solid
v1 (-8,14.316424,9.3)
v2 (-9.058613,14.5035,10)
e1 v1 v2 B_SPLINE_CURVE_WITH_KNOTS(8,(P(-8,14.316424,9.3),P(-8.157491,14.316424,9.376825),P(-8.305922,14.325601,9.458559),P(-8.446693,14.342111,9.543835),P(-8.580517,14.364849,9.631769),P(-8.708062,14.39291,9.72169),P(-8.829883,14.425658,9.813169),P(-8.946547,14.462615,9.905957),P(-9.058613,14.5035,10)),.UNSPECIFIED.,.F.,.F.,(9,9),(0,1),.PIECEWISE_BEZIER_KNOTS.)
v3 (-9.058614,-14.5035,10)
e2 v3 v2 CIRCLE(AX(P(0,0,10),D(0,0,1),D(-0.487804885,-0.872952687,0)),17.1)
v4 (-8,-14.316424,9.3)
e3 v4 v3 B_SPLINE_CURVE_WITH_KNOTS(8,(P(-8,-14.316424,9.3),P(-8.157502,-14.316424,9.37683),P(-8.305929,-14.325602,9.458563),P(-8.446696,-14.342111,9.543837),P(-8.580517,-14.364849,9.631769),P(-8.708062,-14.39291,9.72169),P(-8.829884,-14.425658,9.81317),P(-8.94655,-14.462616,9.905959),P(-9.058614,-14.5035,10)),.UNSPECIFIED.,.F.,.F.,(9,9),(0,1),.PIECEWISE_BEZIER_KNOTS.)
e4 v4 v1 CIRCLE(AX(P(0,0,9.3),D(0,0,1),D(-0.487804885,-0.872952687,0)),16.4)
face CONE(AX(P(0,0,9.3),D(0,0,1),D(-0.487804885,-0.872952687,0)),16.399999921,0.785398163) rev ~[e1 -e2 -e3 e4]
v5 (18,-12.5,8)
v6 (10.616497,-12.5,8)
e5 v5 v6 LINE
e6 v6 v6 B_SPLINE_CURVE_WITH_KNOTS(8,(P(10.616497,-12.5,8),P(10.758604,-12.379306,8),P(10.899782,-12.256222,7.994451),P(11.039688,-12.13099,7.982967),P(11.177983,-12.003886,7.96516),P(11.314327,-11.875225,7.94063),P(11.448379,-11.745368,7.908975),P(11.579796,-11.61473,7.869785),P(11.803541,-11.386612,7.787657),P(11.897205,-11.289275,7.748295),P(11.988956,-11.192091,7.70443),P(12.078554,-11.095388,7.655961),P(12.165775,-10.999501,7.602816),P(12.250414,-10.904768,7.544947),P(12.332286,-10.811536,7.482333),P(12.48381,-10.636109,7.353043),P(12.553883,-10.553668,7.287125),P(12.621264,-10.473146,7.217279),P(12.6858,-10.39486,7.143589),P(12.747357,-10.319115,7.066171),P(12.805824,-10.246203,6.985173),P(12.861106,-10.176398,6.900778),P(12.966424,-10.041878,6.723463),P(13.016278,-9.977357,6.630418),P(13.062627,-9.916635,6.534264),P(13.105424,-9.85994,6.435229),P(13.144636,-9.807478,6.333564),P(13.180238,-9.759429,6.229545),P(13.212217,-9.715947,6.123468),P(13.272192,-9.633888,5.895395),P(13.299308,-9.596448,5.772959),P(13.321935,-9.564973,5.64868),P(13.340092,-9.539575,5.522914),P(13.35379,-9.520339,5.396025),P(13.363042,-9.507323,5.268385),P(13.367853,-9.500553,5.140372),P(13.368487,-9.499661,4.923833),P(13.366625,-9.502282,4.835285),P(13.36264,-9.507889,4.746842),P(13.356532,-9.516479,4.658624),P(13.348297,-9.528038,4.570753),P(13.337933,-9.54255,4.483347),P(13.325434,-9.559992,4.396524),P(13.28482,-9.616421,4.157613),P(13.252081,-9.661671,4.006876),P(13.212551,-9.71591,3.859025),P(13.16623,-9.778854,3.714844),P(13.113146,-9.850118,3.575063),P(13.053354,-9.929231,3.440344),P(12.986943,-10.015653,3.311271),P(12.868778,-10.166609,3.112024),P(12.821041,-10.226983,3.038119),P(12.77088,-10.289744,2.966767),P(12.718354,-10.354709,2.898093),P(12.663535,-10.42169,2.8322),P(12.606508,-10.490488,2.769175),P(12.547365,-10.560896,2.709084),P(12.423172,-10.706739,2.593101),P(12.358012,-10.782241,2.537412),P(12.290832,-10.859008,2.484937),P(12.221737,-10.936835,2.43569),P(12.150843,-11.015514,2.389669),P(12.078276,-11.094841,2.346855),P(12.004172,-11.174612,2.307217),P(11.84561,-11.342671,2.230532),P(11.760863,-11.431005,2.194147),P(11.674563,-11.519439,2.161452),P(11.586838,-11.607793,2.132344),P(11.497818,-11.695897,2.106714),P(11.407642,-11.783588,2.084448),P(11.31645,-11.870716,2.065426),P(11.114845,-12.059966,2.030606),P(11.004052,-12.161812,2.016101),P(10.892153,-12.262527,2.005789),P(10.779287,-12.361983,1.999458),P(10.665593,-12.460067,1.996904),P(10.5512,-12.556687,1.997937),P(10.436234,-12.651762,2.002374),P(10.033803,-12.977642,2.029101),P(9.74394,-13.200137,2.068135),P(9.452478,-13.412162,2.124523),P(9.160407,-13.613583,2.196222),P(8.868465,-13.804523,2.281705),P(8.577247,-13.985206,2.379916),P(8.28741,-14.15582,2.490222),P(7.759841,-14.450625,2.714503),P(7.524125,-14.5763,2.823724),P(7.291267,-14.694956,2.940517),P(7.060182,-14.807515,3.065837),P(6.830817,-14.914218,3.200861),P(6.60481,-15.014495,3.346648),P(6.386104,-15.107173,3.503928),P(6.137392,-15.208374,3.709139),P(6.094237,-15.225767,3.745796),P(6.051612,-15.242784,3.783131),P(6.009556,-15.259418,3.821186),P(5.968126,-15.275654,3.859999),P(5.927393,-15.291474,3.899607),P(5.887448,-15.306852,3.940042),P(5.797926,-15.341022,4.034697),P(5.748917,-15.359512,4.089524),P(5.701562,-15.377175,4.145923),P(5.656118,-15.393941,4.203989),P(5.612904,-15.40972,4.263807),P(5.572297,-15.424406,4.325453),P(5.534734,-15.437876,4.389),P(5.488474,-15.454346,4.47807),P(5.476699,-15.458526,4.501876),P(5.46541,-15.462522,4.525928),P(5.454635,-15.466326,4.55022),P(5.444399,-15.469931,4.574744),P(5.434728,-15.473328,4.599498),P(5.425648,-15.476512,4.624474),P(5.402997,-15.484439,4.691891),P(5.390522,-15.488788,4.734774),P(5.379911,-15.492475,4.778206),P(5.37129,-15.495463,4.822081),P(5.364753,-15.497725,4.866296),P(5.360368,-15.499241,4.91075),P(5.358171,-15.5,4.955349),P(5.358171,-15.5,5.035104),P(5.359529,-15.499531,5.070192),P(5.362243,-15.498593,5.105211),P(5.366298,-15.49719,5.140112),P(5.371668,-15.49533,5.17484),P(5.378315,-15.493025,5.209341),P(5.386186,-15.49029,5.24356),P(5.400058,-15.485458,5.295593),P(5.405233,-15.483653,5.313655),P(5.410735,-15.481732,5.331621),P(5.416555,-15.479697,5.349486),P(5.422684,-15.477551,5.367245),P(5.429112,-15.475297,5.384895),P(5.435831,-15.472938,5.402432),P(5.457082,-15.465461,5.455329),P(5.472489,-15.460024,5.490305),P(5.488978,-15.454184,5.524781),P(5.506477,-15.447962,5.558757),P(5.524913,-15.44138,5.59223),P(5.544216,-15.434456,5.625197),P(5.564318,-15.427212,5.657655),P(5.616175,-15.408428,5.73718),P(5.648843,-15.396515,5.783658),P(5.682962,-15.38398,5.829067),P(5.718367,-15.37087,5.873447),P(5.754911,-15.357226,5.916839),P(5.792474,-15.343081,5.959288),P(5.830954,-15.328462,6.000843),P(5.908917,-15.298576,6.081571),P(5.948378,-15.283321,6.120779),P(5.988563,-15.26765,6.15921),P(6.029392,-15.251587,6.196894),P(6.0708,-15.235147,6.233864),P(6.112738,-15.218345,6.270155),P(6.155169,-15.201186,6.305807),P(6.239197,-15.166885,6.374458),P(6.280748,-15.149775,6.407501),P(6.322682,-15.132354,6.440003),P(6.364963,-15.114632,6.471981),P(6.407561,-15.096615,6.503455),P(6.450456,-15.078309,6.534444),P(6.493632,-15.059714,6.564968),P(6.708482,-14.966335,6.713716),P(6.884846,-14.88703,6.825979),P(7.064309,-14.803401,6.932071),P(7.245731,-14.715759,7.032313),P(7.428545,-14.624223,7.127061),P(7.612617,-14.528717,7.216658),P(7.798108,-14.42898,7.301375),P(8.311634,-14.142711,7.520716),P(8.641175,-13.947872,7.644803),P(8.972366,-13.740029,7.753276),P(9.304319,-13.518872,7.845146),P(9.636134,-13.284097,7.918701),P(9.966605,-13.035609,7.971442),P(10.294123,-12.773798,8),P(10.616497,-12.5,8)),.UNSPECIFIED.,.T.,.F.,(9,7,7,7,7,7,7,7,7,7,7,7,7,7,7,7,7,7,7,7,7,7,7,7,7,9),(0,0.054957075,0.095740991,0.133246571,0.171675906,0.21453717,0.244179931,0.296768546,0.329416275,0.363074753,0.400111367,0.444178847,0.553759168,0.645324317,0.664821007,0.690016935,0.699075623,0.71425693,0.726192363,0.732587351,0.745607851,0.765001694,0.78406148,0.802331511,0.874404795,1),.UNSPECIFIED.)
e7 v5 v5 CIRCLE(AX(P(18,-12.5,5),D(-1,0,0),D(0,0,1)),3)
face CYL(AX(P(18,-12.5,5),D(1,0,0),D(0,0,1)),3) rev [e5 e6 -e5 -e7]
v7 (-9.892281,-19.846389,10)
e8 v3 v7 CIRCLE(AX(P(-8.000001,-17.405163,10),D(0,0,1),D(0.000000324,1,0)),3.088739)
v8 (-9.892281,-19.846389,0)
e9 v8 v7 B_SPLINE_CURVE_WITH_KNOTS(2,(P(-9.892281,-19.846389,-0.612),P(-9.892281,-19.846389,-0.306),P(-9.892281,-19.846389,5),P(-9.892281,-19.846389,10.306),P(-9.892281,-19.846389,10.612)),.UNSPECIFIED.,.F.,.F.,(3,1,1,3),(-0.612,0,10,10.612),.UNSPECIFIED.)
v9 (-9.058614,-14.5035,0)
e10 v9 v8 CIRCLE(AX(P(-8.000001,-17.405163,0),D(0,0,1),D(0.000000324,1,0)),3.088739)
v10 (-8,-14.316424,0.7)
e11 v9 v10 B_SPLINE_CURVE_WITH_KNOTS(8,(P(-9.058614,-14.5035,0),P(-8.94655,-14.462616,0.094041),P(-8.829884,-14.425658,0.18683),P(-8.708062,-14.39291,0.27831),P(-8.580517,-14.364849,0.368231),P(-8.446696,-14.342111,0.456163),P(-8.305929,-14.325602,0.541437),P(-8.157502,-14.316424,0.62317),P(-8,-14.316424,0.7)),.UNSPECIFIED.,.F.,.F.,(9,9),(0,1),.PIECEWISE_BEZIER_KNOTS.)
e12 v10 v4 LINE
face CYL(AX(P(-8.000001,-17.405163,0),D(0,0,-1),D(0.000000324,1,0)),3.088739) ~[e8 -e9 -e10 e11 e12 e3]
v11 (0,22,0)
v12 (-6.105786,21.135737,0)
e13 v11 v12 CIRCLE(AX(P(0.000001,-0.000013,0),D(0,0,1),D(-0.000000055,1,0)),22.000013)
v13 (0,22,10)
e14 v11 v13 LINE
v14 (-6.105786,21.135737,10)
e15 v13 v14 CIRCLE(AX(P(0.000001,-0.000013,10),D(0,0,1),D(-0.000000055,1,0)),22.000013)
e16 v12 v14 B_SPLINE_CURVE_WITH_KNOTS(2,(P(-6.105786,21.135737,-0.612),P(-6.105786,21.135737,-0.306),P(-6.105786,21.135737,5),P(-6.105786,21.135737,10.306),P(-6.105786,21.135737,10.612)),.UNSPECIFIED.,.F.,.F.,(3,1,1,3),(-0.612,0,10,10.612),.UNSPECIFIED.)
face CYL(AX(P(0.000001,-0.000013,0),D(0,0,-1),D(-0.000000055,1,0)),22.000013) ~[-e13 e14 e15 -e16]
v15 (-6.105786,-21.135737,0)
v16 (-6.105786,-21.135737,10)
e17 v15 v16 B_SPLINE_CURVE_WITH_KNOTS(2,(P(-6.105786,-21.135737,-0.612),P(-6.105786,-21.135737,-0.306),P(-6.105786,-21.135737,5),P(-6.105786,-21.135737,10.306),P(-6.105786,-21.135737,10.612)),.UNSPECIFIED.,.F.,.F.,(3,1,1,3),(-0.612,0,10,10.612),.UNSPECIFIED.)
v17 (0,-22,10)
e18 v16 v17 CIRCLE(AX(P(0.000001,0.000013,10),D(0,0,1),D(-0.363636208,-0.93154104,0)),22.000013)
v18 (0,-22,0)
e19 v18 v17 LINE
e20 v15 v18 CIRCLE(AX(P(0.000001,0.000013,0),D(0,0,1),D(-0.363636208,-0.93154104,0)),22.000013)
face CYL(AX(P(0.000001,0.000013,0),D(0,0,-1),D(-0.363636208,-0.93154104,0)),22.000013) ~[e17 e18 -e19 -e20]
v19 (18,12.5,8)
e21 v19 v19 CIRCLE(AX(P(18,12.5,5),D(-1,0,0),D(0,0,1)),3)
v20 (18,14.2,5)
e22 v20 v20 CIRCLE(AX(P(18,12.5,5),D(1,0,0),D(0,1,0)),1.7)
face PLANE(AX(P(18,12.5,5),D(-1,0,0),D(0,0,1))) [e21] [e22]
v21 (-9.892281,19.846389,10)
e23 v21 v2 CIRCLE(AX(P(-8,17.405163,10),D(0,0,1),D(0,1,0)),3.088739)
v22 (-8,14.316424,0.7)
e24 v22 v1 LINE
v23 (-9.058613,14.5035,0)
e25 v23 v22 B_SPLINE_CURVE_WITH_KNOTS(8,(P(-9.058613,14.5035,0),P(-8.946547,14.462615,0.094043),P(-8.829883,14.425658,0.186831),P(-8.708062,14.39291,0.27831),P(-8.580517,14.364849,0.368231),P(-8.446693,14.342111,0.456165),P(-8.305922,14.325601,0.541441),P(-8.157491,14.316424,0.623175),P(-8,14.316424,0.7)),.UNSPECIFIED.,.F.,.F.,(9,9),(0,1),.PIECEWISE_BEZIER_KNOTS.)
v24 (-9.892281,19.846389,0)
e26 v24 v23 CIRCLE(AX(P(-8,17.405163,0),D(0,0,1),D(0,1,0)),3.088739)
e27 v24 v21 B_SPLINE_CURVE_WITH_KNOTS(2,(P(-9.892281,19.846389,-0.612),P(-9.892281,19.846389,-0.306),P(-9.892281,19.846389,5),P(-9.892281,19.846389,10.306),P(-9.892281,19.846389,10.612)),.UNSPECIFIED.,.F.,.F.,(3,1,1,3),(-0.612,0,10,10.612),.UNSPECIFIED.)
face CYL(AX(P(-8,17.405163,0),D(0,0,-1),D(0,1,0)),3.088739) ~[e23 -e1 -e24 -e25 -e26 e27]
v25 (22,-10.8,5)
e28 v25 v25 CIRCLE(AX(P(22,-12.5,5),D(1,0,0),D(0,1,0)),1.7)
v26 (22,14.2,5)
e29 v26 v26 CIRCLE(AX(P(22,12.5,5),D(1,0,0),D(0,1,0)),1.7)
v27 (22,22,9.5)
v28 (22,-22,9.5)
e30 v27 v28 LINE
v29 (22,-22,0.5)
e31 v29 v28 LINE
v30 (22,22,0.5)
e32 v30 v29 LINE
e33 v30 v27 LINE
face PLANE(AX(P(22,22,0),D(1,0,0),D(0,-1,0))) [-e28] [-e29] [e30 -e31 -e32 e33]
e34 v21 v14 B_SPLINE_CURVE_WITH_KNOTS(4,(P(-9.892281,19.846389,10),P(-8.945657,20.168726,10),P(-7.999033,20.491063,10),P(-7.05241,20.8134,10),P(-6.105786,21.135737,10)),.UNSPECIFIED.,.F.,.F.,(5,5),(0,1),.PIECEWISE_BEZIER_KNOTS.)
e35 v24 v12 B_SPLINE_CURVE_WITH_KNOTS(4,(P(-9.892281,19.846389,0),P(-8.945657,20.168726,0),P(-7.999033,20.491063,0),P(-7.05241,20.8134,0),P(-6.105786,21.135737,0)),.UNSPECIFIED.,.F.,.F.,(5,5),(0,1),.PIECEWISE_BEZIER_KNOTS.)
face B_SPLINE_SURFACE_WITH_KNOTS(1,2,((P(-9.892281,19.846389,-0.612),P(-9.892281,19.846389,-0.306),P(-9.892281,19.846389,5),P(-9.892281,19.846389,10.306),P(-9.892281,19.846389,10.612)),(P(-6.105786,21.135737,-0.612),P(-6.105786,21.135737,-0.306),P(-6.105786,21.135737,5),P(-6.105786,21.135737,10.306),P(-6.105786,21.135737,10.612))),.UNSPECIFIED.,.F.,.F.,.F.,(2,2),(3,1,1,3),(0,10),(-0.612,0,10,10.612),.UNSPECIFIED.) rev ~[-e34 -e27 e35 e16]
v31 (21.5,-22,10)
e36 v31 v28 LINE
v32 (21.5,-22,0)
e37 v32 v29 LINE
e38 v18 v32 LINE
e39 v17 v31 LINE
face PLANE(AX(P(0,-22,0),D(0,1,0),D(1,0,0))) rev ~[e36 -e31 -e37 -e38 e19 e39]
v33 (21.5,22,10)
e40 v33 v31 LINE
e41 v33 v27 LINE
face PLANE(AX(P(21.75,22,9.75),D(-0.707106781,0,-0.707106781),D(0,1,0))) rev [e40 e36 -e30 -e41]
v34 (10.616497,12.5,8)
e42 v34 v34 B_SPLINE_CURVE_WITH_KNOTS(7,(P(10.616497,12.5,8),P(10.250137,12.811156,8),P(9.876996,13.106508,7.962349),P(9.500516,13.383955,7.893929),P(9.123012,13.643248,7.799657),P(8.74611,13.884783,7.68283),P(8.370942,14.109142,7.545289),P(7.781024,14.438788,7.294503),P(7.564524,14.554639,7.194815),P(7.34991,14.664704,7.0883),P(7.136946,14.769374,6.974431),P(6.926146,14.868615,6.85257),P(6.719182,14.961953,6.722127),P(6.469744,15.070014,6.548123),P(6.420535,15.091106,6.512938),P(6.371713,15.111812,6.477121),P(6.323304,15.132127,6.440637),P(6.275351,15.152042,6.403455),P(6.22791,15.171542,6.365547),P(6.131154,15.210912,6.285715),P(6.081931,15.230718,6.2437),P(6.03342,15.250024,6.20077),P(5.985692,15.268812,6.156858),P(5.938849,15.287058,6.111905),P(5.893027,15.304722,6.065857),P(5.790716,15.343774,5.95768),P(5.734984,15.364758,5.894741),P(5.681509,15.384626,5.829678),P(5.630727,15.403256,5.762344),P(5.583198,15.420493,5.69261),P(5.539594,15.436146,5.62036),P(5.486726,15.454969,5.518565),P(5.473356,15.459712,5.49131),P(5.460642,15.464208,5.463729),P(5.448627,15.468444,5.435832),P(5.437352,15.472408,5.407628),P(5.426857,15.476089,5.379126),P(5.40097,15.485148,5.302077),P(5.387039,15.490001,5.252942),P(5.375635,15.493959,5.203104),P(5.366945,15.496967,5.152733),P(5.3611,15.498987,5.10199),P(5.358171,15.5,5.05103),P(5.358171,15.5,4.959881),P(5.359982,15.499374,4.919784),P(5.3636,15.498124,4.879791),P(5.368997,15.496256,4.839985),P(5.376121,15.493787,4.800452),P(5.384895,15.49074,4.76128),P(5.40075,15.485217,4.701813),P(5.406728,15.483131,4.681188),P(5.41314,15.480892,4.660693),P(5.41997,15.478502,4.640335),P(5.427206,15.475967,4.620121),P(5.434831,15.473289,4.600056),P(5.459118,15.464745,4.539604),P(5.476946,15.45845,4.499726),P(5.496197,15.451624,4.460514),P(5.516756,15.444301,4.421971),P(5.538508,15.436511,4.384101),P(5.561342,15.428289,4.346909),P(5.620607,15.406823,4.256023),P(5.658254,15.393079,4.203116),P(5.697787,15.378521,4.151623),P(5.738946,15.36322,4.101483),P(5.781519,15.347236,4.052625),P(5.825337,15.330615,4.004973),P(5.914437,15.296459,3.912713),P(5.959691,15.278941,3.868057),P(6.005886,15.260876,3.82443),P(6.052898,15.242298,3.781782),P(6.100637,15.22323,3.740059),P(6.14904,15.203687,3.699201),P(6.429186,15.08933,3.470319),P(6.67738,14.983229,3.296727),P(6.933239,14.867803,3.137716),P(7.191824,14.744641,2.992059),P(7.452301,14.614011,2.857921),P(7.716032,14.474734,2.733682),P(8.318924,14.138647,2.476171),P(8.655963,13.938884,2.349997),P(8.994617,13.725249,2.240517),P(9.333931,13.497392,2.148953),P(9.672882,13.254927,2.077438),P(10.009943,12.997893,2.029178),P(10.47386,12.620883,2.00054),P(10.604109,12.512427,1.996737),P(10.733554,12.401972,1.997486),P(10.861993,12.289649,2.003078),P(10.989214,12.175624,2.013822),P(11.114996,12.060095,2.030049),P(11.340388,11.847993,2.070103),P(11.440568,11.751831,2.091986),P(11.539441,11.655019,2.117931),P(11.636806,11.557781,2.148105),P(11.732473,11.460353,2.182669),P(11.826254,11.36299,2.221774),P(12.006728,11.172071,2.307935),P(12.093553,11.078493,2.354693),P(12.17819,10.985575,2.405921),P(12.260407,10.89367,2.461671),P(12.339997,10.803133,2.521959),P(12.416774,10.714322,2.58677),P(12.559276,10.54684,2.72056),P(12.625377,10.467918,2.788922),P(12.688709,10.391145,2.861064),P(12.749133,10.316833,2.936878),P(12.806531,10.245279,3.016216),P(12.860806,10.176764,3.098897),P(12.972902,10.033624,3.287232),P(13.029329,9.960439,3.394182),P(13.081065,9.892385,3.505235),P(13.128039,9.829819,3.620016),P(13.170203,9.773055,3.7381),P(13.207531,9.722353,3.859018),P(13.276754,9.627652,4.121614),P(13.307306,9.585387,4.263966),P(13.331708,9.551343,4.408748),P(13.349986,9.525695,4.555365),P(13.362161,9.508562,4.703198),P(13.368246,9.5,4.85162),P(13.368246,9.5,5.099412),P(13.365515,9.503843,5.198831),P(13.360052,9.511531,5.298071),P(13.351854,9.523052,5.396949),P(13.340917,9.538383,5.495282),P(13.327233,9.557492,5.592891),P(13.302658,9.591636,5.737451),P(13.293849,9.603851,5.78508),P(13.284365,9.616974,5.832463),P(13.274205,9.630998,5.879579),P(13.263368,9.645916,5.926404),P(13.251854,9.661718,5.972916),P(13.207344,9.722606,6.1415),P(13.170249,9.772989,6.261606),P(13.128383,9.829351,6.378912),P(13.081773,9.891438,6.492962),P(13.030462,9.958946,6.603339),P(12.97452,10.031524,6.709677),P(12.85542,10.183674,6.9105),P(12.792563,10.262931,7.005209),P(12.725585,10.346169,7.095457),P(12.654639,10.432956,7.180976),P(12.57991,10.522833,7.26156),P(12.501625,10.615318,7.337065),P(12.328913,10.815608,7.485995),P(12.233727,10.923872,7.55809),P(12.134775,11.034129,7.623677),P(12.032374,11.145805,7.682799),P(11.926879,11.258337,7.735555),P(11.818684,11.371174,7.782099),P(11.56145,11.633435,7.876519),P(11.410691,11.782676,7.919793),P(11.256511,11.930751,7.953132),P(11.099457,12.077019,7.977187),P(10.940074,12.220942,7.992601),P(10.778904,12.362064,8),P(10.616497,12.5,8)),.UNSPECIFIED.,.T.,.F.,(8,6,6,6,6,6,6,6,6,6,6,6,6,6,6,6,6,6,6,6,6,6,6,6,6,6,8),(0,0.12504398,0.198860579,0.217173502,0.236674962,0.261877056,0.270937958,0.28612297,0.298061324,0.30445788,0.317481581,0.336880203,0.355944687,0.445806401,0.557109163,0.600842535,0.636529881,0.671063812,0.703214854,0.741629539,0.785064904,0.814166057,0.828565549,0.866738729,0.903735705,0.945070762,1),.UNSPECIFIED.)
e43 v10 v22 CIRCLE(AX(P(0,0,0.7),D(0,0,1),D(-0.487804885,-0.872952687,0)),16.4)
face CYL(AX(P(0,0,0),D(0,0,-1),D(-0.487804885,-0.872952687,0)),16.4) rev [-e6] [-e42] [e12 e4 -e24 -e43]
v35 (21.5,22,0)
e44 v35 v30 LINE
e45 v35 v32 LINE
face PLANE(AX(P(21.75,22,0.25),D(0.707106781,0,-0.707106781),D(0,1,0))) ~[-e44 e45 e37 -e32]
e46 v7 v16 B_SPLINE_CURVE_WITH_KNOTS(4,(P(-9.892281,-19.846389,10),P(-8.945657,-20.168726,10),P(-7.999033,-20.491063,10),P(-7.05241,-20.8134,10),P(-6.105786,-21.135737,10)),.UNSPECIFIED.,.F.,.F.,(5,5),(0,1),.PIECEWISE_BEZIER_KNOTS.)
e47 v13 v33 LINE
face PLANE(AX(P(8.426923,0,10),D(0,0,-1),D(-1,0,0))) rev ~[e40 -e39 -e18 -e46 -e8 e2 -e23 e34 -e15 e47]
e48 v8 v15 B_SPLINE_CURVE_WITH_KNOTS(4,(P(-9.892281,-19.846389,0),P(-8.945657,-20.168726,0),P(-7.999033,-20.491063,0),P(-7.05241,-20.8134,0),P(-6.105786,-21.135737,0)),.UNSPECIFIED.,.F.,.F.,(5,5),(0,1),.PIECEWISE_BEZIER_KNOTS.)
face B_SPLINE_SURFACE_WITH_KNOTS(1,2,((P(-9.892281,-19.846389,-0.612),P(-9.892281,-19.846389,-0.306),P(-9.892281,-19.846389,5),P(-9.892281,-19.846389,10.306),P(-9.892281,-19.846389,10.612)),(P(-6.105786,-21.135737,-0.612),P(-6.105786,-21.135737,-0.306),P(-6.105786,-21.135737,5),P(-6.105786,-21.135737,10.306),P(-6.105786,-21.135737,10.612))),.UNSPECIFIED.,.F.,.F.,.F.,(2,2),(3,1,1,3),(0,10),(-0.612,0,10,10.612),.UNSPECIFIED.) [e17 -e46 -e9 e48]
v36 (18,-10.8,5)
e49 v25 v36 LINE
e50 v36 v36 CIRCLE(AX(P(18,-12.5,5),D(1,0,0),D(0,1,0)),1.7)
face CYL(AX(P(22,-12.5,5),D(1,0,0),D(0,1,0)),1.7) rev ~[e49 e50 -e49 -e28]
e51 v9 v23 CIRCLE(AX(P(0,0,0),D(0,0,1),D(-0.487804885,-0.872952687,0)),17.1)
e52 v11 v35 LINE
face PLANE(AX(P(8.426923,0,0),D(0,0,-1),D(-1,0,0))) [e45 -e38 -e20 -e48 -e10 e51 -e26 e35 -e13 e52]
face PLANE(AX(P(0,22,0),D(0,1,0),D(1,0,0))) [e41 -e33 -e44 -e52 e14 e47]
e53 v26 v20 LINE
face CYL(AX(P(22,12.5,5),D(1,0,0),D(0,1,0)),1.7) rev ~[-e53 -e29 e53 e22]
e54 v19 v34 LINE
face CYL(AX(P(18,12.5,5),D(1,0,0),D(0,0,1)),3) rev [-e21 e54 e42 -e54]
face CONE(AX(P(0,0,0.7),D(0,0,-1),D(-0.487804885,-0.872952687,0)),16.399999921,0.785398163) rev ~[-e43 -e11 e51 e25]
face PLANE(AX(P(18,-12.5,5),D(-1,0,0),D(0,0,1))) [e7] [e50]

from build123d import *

# Parameters (mm, degrees)
CYLINDER_R              = 3
CYLINDER_DEPTH          = 15
CYLINDER_PITCH_ANGLE    = -90
CYLINDER001_R           = 3
CYLINDER001_DEPTH       = 15
CYLINDER001_PITCH_ANGLE = -90
PAD_DEPTH               = 10
SKETCH001_R             = 1.7
POCKET_DEPTH            = 20
CHAMFER_SIZE            = 2
CHAMFER001_SIZE         = 0.7
CHAMFER002_SIZE         = 0.5


with BuildPart() as cilindro:
    # Cylinder → Cylinder (new body)
    with BuildSketch(Plane.XY):
        Circle(CYLINDER_R)
    extrude(amount=CYLINDER_DEPTH)


with BuildPart() as cilindro_1:
    # Cylinder pitch: moved
    add(cilindro.part.rotate(Axis((0, 0, 0), (0, 1, 0)), CYLINDER_PITCH_ANGLE))


with BuildPart() as cilindro_2:
    # Cylinder placement: moved
    add(cilindro_1.part.moved(Location((18, 12.5, 5))))


with BuildPart() as fusion:
    # Cylinder001 → Cylinder001 (new body)
    with BuildSketch(Plane.XY):
        Circle(CYLINDER001_R)
    extrude(amount=CYLINDER001_DEPTH)


with BuildPart() as fusion_1:
    # Cylinder001 pitch: moved
    add(fusion.part.rotate(Axis((0, 0, 0), (0, 1, 0)), CYLINDER001_PITCH_ANGLE))


with BuildPart() as fusion_2:
    # Cylinder001 placement: moved
    add(fusion_1.part.moved(Location((18, -12.5, 5))))

    # Fusion: union Cilindro
    add(cilindro_2.part)


with BuildPart() as chamfer002:
    # Sketch → Pad (new body)
    with BuildSketch(Plane.XY):
        with BuildLine():
            ThreePointArc((-8, -14.316424), (16.4, 0), (-8, 14.316424))
            ThreePointArc((-8, 20.493902), (-11.088739, 17.405163), (-8, 14.316424))
            ThreePointArc((0, 22), (-4.070268, 21.620197), (-8, 20.493902))
            Line((0, 22), (22, 22))
            Line((22, 22), (22, -22))
            Line((0, -22), (22, -22))
            ThreePointArc((-8, -20.493902), (-4.070268, -21.620197), (0, -22))
            ThreePointArc((-8, -14.316424), (-11.08874, -17.405163), (-8, -20.493902))
        make_face()
    extrude(amount=PAD_DEPTH)

    # Sketch001 → Pocket (cut)
    with BuildSketch(Plane.YZ.offset(22)):
        with Locations((-12.5, 5)):
            Circle(SKETCH001_R)
        with Locations((12.5, 5)):
            Circle(SKETCH001_R)
    extrude(amount=-POCKET_DEPTH, mode=Mode.SUBTRACT)

    # Cut: cut Fusion
    add(fusion_2.part, mode=Mode.SUBTRACT)

    # Chamfer
    chamfer_edges = [chamfer002.edges().sort_by_distance(p)[0] for p in [
        (-8, -20.493902, 5),
        (-8, 20.493902, 5),
    ]]
    chamfer(chamfer_edges, length=CHAMFER_SIZE)

    # Chamfer001
    chamfer001_edges = [chamfer002.edges().sort_by_distance(p)[0] for p in [
        (16.4, 0, 10),
        (16.4, 0, 0),
    ]]
    chamfer(chamfer001_edges, length=CHAMFER001_SIZE)

    # Chamfer002
    chamfer002_edges = [chamfer002.edges().sort_by_distance(p)[0] for p in [
        (22, 0, 0),
        (22, 0, 10),
    ]]
    chamfer(chamfer002_edges, length=CHAMFER002_SIZE)


solid = chamfer002.part
